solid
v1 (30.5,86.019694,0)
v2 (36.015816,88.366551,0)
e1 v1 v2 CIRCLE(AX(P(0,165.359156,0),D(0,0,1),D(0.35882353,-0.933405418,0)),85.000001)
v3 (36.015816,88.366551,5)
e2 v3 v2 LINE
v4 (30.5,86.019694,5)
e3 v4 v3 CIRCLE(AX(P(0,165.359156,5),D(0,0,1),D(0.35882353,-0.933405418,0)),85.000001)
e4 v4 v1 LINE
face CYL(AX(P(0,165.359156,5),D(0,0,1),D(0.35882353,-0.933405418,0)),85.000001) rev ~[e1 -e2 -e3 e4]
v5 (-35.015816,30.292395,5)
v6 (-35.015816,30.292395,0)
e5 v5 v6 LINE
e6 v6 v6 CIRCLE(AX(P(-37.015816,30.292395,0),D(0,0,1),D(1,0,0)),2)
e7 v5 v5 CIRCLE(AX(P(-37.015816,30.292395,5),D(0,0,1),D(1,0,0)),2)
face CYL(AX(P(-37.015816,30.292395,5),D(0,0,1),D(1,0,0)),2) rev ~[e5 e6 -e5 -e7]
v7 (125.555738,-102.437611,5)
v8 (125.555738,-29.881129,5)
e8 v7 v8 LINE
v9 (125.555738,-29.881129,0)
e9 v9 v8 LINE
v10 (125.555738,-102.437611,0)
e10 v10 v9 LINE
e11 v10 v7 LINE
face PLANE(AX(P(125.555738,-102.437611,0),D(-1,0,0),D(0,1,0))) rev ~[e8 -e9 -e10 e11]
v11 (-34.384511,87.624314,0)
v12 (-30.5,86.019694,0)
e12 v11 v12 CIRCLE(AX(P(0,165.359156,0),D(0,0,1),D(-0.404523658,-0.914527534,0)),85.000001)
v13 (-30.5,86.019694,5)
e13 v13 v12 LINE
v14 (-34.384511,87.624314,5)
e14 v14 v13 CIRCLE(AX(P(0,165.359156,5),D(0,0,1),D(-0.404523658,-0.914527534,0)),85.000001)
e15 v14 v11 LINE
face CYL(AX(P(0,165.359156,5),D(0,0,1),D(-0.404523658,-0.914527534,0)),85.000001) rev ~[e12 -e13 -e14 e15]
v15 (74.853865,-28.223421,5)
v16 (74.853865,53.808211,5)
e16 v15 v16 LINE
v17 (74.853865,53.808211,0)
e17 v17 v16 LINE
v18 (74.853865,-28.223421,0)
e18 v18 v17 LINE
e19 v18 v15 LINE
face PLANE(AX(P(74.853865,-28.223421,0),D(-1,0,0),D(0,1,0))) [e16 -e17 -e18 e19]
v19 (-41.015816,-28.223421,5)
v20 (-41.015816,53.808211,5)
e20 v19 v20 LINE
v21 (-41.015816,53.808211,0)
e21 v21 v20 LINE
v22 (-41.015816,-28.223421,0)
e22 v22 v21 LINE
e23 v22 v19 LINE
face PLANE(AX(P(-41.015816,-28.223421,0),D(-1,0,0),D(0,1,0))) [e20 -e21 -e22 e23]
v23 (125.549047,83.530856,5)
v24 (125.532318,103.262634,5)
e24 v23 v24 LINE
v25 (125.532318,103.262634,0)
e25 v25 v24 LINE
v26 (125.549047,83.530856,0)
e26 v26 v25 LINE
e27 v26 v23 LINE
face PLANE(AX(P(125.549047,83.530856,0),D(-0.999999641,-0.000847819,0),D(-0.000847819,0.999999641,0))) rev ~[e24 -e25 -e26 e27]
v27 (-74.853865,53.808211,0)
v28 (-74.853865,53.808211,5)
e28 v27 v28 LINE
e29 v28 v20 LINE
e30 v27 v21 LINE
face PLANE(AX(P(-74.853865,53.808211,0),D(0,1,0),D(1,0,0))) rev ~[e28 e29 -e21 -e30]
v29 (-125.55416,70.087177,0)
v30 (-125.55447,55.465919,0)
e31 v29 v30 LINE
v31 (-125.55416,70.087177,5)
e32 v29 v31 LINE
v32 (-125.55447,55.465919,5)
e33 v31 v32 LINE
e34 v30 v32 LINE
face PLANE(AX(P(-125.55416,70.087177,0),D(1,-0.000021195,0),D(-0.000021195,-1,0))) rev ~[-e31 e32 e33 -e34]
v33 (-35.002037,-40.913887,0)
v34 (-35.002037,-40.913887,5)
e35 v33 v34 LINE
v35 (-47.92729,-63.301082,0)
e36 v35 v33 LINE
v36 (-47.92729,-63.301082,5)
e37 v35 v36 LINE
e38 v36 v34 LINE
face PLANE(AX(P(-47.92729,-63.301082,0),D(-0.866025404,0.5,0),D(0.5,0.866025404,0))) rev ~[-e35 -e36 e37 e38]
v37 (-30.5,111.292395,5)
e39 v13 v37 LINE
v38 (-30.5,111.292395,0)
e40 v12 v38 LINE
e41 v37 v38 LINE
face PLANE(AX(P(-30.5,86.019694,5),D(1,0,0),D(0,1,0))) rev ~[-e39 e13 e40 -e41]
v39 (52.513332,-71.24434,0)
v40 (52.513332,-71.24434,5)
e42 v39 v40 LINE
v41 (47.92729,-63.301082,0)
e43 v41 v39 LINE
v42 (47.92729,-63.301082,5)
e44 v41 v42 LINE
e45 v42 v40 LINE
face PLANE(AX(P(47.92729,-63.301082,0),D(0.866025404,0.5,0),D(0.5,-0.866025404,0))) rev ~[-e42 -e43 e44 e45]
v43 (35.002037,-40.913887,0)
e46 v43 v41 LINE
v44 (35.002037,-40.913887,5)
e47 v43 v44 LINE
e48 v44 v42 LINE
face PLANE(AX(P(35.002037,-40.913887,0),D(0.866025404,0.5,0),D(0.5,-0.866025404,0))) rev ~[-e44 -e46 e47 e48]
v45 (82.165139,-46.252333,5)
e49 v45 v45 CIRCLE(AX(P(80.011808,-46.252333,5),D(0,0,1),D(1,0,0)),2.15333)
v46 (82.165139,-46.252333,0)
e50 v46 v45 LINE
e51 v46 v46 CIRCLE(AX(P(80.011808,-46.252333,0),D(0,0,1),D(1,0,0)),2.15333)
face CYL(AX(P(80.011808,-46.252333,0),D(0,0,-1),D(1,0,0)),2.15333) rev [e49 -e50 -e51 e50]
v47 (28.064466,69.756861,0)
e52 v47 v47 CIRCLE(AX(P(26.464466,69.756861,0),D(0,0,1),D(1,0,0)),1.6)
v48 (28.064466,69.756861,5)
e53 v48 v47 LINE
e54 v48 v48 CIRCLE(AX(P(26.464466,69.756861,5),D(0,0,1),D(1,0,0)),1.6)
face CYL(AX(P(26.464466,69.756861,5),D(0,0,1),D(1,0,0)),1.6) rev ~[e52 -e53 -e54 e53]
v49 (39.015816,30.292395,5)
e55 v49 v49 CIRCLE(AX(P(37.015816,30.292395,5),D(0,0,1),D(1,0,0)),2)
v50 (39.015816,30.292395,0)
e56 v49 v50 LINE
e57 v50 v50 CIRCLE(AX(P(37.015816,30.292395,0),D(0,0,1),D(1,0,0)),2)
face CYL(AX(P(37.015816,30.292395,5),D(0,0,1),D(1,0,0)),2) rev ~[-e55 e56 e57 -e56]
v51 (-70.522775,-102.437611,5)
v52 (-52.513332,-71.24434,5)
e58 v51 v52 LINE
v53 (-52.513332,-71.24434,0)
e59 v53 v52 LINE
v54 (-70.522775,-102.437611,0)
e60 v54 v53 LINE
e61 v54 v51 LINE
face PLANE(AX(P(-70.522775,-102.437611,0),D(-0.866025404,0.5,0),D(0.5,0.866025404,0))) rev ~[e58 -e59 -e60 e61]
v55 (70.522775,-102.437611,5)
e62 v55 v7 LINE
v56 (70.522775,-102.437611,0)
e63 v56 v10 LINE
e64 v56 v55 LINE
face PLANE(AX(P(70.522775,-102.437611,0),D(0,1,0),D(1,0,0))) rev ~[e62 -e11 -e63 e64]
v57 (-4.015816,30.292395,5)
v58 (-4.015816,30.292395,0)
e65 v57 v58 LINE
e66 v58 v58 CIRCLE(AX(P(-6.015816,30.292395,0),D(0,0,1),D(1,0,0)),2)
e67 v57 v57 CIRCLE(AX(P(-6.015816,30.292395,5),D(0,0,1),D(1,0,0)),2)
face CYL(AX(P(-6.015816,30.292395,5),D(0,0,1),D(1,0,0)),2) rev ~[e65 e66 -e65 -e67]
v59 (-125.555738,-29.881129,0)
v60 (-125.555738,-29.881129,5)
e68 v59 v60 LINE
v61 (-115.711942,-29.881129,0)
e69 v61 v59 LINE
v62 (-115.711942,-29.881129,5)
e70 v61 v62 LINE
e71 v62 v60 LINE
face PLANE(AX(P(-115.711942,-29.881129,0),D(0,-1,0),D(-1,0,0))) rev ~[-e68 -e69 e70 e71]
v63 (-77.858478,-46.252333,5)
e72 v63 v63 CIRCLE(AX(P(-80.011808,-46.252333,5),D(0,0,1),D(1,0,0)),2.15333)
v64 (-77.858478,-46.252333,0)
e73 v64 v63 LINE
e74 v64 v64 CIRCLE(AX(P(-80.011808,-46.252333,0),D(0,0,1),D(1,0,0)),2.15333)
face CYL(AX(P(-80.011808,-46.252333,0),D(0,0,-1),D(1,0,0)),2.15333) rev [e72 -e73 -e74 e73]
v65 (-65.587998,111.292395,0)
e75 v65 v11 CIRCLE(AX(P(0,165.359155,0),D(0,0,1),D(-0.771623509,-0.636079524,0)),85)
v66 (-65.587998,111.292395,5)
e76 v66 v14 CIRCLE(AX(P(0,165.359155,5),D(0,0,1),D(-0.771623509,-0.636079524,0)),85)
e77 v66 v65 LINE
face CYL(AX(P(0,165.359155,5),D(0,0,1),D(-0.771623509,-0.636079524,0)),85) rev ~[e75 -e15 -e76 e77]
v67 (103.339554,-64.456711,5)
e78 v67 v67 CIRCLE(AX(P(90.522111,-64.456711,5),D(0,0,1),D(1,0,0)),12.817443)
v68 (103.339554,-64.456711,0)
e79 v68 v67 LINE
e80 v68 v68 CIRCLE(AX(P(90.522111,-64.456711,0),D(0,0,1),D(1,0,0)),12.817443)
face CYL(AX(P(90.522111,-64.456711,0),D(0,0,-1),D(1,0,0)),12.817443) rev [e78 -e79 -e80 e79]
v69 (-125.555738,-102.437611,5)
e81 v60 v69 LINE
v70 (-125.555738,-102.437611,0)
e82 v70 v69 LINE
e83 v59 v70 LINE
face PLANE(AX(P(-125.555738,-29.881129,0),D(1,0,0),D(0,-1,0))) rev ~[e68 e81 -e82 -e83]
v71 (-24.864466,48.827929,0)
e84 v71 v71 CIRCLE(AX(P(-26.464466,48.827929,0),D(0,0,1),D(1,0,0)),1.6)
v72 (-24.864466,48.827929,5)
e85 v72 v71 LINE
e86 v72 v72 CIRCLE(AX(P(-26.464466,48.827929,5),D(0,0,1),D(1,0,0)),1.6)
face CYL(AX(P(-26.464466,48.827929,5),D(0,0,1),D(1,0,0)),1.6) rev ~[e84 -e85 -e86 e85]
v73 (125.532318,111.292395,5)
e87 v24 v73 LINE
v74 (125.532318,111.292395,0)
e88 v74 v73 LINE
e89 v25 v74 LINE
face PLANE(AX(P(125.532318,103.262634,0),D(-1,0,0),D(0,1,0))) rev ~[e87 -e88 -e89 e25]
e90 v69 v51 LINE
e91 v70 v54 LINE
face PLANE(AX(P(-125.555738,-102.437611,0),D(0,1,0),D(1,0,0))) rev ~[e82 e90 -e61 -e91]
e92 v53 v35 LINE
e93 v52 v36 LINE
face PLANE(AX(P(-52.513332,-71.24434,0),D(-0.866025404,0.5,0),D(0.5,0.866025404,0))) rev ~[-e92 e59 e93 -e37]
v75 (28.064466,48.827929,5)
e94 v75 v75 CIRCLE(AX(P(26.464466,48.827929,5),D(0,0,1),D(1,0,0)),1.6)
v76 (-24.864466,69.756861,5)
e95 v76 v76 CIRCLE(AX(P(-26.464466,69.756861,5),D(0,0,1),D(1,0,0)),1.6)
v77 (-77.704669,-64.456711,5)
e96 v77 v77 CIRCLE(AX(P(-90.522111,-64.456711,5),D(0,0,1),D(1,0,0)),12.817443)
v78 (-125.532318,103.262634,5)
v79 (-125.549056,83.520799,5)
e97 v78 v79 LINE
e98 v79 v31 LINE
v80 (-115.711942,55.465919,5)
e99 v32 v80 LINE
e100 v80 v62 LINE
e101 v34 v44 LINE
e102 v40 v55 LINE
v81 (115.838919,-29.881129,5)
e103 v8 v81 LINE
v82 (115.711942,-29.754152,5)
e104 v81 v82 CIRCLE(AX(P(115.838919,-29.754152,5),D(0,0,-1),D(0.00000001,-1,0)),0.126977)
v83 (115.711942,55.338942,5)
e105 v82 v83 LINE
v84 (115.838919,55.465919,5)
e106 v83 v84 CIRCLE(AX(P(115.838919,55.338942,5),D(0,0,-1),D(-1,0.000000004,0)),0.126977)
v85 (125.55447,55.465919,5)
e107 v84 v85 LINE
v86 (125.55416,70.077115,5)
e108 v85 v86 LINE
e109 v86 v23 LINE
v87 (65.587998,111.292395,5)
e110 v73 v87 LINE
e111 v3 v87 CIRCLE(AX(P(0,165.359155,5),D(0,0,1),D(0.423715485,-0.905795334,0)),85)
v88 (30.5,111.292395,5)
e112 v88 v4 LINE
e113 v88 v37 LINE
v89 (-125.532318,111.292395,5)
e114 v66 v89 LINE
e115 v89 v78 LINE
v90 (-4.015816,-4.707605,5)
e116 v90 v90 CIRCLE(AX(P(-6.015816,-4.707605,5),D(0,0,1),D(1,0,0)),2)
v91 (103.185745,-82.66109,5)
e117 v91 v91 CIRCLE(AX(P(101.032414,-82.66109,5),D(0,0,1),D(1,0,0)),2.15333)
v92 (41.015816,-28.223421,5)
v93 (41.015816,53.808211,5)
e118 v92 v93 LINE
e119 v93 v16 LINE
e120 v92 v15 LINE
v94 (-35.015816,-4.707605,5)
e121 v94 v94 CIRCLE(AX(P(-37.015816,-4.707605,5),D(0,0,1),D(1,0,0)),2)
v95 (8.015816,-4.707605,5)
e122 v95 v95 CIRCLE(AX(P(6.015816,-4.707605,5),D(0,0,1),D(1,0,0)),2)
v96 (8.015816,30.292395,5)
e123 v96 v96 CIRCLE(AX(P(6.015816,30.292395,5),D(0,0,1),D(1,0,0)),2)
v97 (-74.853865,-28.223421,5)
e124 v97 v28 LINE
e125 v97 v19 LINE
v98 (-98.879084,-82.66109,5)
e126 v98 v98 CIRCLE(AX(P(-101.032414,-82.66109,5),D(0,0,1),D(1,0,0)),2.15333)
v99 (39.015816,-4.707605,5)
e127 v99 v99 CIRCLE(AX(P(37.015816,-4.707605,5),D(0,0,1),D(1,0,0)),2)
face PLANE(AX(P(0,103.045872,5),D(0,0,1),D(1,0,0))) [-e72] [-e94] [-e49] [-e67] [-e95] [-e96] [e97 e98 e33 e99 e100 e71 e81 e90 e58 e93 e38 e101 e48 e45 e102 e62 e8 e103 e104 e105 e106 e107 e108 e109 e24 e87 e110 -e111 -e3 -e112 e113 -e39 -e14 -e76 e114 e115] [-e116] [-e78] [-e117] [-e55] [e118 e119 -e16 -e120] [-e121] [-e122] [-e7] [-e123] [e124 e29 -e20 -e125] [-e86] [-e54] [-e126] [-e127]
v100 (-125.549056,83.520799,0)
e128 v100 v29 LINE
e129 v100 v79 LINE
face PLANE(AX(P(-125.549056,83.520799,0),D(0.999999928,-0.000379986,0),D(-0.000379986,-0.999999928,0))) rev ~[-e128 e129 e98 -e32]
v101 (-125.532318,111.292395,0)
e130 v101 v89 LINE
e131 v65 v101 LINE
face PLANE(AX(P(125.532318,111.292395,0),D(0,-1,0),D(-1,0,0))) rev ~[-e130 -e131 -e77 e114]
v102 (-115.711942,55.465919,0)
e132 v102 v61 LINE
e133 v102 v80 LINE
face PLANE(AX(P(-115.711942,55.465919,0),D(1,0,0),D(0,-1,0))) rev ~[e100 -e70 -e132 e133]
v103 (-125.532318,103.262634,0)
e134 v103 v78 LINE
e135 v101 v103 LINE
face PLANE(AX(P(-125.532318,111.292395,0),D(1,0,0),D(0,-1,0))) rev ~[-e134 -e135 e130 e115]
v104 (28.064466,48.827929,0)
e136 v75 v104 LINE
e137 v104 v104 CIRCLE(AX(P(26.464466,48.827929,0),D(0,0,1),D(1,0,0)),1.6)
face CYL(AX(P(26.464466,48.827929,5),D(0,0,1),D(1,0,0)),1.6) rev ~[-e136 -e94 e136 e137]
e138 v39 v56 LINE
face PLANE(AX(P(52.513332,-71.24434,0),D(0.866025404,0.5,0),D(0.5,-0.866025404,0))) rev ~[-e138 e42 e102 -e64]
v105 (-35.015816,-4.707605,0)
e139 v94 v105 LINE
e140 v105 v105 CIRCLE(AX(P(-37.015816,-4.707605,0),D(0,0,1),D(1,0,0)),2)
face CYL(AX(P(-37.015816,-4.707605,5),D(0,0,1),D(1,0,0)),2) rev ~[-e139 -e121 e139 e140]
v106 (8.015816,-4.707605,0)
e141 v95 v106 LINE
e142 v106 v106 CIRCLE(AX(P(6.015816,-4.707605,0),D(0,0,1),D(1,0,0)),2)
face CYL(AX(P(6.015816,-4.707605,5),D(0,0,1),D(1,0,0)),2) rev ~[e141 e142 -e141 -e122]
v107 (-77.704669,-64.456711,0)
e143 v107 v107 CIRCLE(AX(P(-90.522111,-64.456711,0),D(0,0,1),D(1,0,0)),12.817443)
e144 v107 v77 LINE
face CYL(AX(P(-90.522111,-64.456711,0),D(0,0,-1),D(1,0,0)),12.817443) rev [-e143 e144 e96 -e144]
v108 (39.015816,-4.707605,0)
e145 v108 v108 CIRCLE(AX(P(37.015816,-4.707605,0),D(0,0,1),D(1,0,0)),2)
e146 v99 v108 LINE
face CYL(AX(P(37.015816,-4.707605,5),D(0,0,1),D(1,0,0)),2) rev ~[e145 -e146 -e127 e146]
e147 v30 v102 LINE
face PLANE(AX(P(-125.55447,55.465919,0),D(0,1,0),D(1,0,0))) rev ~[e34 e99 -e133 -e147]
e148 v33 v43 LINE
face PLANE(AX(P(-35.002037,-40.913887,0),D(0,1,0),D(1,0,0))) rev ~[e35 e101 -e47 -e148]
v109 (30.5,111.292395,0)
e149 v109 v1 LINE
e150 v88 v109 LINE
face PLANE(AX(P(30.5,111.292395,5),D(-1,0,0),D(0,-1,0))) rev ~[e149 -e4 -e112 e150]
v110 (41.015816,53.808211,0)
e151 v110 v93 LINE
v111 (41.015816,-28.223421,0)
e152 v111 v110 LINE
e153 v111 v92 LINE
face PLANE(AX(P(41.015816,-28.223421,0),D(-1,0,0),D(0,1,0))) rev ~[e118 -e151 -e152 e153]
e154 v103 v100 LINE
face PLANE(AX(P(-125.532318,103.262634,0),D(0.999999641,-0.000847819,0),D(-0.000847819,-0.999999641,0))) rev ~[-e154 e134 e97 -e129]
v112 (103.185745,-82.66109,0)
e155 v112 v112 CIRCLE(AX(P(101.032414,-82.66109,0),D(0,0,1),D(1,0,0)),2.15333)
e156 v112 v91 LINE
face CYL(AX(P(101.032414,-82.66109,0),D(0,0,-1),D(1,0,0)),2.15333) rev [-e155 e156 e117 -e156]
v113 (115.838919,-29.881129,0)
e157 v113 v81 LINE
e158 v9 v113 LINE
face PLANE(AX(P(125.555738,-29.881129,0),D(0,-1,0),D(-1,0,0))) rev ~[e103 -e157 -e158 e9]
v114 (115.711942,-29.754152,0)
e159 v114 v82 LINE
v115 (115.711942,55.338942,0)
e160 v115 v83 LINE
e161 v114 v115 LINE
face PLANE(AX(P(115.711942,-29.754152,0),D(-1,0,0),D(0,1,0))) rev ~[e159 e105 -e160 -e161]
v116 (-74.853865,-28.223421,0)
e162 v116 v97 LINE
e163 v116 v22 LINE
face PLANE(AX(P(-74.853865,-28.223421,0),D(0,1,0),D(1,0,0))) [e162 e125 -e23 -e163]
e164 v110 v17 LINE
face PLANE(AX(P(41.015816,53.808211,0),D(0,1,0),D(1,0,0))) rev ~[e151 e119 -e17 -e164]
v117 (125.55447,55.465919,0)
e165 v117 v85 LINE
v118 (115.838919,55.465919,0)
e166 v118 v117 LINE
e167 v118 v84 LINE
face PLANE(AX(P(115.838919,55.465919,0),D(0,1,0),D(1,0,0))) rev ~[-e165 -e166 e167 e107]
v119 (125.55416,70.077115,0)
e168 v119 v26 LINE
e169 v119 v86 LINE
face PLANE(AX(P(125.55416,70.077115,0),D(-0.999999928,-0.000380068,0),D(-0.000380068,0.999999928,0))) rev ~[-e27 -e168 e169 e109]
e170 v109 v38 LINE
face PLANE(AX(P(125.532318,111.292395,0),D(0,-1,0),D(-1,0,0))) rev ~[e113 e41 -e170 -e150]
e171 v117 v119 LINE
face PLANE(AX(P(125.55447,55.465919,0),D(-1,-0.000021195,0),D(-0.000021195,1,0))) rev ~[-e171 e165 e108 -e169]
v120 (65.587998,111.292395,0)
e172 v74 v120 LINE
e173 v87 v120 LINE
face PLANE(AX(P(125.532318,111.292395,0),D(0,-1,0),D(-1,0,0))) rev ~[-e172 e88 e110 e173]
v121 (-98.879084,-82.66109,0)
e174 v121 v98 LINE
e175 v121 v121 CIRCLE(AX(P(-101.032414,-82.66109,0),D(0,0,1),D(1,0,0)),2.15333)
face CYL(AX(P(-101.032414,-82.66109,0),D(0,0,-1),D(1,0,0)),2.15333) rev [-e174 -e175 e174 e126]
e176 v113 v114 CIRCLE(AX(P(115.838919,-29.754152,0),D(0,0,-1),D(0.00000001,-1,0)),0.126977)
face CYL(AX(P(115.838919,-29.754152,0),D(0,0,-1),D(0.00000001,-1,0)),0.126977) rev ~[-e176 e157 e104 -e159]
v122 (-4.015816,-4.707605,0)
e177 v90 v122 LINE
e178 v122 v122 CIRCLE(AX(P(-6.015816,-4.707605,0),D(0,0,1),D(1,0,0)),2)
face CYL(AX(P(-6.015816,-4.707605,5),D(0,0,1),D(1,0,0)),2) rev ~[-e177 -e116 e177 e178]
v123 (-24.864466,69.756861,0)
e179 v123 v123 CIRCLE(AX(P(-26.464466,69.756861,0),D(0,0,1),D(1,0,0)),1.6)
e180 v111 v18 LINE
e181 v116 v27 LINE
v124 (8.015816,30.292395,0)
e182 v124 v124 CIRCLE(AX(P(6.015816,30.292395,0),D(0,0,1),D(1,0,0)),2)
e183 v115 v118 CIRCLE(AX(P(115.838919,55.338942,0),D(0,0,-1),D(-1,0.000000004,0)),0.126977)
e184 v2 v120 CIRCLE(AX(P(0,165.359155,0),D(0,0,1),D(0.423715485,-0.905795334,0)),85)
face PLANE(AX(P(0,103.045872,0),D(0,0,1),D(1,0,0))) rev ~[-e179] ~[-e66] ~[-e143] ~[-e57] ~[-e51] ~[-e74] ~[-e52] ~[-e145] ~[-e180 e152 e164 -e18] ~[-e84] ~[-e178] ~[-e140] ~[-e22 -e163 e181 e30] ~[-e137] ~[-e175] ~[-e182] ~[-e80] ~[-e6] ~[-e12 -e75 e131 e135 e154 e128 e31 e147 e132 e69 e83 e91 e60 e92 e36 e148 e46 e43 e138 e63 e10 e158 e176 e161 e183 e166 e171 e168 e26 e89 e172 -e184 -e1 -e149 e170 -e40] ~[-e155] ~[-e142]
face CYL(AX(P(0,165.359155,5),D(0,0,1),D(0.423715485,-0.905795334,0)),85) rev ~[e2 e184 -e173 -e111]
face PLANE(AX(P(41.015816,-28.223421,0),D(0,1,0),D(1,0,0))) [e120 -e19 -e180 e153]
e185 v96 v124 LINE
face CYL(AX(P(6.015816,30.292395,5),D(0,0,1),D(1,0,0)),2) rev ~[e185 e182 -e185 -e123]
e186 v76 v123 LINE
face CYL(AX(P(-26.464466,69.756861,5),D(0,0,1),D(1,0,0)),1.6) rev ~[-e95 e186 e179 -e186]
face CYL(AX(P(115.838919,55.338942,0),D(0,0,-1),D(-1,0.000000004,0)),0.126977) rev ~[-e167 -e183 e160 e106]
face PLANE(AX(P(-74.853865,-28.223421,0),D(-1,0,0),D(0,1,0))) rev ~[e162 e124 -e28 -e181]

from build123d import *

# Parameters (mm, degrees)
SKETCH1_R           = 2.153330351
SKETCH1_R_2         = 12.817442563
SKETCH1_W           = 33.838048367
SKETCH1_H           = 82.031632405
BOSS_EXTRUDE1_DEPTH = 5
SKETCH5_R           = 62
CUT_EXTRUDE3_DEPTH  = 5
SKETCH6_R           = 1.6
SKETCH6_R_2         = 2
CUT_EXTRUDE4_DEPTH  = 10
BOSS_EXTRUDE2_DEPTH = 5
CUT_EXTRUDE5_DEPTH  = 30


with BuildPart() as part:
    # Sketch1 → Boss-Extrude1 (new body)
    with BuildSketch(Plane.XY):
        with BuildLine():
            Line((125.53231807, 103.262634184), (91.381905468, 103.262634184))
            Line((91.381905468, 103.262634184), (77.913526918, 103.262634184))
            Line((77.913526918, 103.262634184), (36.253297751, 103.262634184))
            ThreePointArc((36.253297751, 103.262634184), (0, 93.454499378), (-36.253297751, 103.262634184))
            Line((-36.253297751, 103.262634184), (-77.913526918, 103.262634184))
            Line((-77.913526918, 103.262634184), (-91.381905468, 103.262634184))
            Line((-91.381905468, 103.262634184), (-125.53231807, 103.262634184))
            Line((-125.53231807, 103.262634184), (-125.54905558, 83.520799446))
            Line((-125.54905558, 83.520799446), (-125.554160174, 70.087177042))
            Line((-125.554160174, 70.087177042), (-125.554470078, 55.465919402))
            Line((-125.554470078, 55.465919402), (-115.83891891, 55.465919402))
            Line((-115.83891891, 55.465919402), (-115.711941884, 55.465919402))
            Line((-115.711941884, 55.465919402), (-115.711941884, 55.338942376))
            Line((-115.711941884, 55.338942376), (-115.711941884, -29.754151955))
            Line((-115.711941884, -29.754151955), (-115.711941884, -29.88112898))
            Line((-115.711941884, -29.88112898), (-115.83891891, -29.88112898))
            Line((-115.83891891, -29.88112898), (-125.555737773, -29.88112898))
            Line((-125.555737773, -29.88112898), (-125.555737773, -59.42445768))
            Line((-125.555737773, -59.42445768), (-125.555737773, -72.892836229))
            Line((-125.555737773, -72.892836229), (-125.555737773, -102.437610833))
            Line((-125.555737773, -102.437610833), (-101.198740966, -102.437610833))
            Line((-101.198740966, -102.437610833), (-87.730362416, -102.437610833))
            Line((-87.730362416, -102.437610833), (-70.522775483, -102.437610833))
            Line((-70.522775483, -102.437610833), (-52.513332124, -71.244339919))
            Line((-52.513332124, -71.244339919), (-47.927289793, -63.301081597))
            Line((-47.927289793, -63.301081597), (-35.002036695, -40.91388653))
            Line((-35.002036695, -40.91388653), (-5.325262411, -40.91388653))
            Line((-5.325262411, -40.91388653), (5.324834587, -40.91388653))
            Line((5.324834587, -40.91388653), (35.002036695, -40.91388653))
            Line((35.002036695, -40.91388653), (47.927289793, -63.301081597))
            Line((47.927289793, -63.301081597), (52.513332124, -71.244339919))
            Line((52.513332124, -71.244339919), (70.522775483, -102.437610833))
            Line((70.522775483, -102.437610833), (87.730362416, -102.437610833))
            Line((87.730362416, -102.437610833), (101.198740966, -102.437610833))
            Line((101.198740966, -102.437610833), (125.555737773, -102.437610833))
            Line((125.555737773, -102.437610833), (125.555737773, -72.892113277))
            Line((125.555737773, -72.892113277), (125.555737773, -59.423734727))
            Line((125.555737773, -59.423734727), (125.555737773, -29.88112898))
            Line((125.555737773, -29.88112898), (115.83891891, -29.88112898))
            ThreePointArc((115.83891891, -29.88112898), (115.749132594, -29.843938271), (115.711941884, -29.754151955))
            Line((115.711941884, -29.754151955), (115.711941884, 55.338942376))
            ThreePointArc((115.711941884, 55.338942376), (115.749132594, 55.428728692), (115.83891891, 55.465919402))
            Line((115.83891891, 55.465919402), (125.554470078, 55.465919402))
            Line((125.554470078, 55.465919402), (125.554160387, 70.077114789))
            Line((125.554160387, 70.077114789), (125.549047054, 83.530856147))
            Line((125.549047054, 83.530856147), (125.53231807, 103.262634184))
        make_face()
        with Locations((-101.032414216, -82.661089892)):
            Circle(SKETCH1_R, mode=Mode.SUBTRACT)
        with Locations((-90.522111314, -64.456711263)):
            Circle(SKETCH1_R_2, mode=Mode.SUBTRACT)
        with Locations((-80.011808412, -46.252332635)):
            Circle(SKETCH1_R, mode=Mode.SUBTRACT)
        with Locations((80.011808412, -46.252332635)):
            Circle(SKETCH1_R, mode=Mode.SUBTRACT)
        with Locations((90.522111314, -64.456711263)):
            Circle(SKETCH1_R_2, mode=Mode.SUBTRACT)
        with Locations((101.032414216, -82.661089892)):
            Circle(SKETCH1_R, mode=Mode.SUBTRACT)
        with Locations((57.934840386, 12.792395211)):
            Rectangle(SKETCH1_W, SKETCH1_H, mode=Mode.SUBTRACT)
        with Locations((-57.934840386, 12.792395211)):
            Rectangle(SKETCH1_W, SKETCH1_H, mode=Mode.SUBTRACT)
    extrude(amount=BOSS_EXTRUDE1_DEPTH)

    # Sketch5 → Cut-Extrude3 (cut)
    with BuildSketch(Plane.XY.offset(5)):
        with Locations((0, 135.292395211)):
            Circle(SKETCH5_R)
    extrude(amount=-CUT_EXTRUDE3_DEPTH, mode=Mode.SUBTRACT)

    # Sketch6 → Cut-Extrude4 (cut)
    with BuildSketch(Plane.XY.offset(5)):
        with Locations((26.464466094, 69.756861305)):
            Circle(SKETCH6_R)
        with Locations((26.464466094, 48.827929116)):
            Circle(SKETCH6_R)
        with Locations((-26.464466094, 69.756861305)):
            Circle(SKETCH6_R)
        with Locations((-26.464466094, 48.827929116)):
            Circle(SKETCH6_R)
        with Locations((-37.015816202, 30.292395211)):
            Circle(SKETCH6_R_2)
        with Locations((-37.015816202, -4.707604789)):
            Circle(SKETCH6_R_2)
        with Locations((-6.015816202, -4.707604789)):
            Circle(SKETCH6_R_2)
        with Locations((-6.015816202, 30.292395211)):
            Circle(SKETCH6_R_2)
        with Locations((6.015816202, 30.292395211)):
            Circle(SKETCH6_R_2)
        with Locations((6.015816202, -4.707604789)):
            Circle(SKETCH6_R_2)
        with Locations((37.015816202, 30.292395211)):
            Circle(SKETCH6_R_2)
        with Locations((37.015816202, -4.707604789)):
            Circle(SKETCH6_R_2)
    extrude(amount=-CUT_EXTRUDE4_DEPTH, mode=Mode.SUBTRACT)

    # Sketch8 → Boss-Extrude2 (add)
    with BuildSketch(Plane(origin=(0, 0, 0), x_dir=(-1, 0, 0), z_dir=(0, 0, -1))):
        with BuildLine():
            Line((-125.53231807, 103.262634184), (-125.53231807, 111.292395211))
            Line((-125.53231807, 111.292395211), (125.53231807, 111.292395211))
            Line((125.53231807, 111.292395211), (125.53231807, 103.262634184))
            Line((125.53231807, 103.262634184), (53.085726976, 103.262634184))
            ThreePointArc((53.085726976, 103.262634184), (0, 73.292395211), (-53.085726976, 103.262634184))
            Line((-53.085726976, 103.262634184), (-125.53231807, 103.262634184))
        make_face()
    extrude(amount=-BOSS_EXTRUDE2_DEPTH)

    # Sketch10 → Cut-Extrude5 (cut)
    with BuildSketch(Plane.XY.offset(5)):
        with BuildLine():
            Line((-30.5, 111.292395211), (-65.587998232, 111.292395211))
            ThreePointArc((-65.587998232, 111.292395211), (-51.367987693, 97.636707664), (-34.384510932, 87.624314384))
            ThreePointArc((-34.384510932, 87.624314384), (-32.452174676, 86.797991587), (-30.5, 86.01969421))
            Line((-30.5, 86.01969421), (-30.5, 111.292395211))
        make_face()
        with BuildLine():
            Line((65.587998232, 111.292395211), (30.5, 111.292395211))
            Line((30.5, 111.292395211), (30.5, 86.01969421))
            ThreePointArc((30.5, 86.01969421), (33.278602522, 87.144484688), (36.015816202, 88.366551325))
            ThreePointArc((36.015816202, 88.366551325), (52.079097115, 98.182018442), (65.587998232, 111.292395211))
        make_face()
    extrude(amount=-CUT_EXTRUDE5_DEPTH, mode=Mode.SUBTRACT)


solid = part.part
